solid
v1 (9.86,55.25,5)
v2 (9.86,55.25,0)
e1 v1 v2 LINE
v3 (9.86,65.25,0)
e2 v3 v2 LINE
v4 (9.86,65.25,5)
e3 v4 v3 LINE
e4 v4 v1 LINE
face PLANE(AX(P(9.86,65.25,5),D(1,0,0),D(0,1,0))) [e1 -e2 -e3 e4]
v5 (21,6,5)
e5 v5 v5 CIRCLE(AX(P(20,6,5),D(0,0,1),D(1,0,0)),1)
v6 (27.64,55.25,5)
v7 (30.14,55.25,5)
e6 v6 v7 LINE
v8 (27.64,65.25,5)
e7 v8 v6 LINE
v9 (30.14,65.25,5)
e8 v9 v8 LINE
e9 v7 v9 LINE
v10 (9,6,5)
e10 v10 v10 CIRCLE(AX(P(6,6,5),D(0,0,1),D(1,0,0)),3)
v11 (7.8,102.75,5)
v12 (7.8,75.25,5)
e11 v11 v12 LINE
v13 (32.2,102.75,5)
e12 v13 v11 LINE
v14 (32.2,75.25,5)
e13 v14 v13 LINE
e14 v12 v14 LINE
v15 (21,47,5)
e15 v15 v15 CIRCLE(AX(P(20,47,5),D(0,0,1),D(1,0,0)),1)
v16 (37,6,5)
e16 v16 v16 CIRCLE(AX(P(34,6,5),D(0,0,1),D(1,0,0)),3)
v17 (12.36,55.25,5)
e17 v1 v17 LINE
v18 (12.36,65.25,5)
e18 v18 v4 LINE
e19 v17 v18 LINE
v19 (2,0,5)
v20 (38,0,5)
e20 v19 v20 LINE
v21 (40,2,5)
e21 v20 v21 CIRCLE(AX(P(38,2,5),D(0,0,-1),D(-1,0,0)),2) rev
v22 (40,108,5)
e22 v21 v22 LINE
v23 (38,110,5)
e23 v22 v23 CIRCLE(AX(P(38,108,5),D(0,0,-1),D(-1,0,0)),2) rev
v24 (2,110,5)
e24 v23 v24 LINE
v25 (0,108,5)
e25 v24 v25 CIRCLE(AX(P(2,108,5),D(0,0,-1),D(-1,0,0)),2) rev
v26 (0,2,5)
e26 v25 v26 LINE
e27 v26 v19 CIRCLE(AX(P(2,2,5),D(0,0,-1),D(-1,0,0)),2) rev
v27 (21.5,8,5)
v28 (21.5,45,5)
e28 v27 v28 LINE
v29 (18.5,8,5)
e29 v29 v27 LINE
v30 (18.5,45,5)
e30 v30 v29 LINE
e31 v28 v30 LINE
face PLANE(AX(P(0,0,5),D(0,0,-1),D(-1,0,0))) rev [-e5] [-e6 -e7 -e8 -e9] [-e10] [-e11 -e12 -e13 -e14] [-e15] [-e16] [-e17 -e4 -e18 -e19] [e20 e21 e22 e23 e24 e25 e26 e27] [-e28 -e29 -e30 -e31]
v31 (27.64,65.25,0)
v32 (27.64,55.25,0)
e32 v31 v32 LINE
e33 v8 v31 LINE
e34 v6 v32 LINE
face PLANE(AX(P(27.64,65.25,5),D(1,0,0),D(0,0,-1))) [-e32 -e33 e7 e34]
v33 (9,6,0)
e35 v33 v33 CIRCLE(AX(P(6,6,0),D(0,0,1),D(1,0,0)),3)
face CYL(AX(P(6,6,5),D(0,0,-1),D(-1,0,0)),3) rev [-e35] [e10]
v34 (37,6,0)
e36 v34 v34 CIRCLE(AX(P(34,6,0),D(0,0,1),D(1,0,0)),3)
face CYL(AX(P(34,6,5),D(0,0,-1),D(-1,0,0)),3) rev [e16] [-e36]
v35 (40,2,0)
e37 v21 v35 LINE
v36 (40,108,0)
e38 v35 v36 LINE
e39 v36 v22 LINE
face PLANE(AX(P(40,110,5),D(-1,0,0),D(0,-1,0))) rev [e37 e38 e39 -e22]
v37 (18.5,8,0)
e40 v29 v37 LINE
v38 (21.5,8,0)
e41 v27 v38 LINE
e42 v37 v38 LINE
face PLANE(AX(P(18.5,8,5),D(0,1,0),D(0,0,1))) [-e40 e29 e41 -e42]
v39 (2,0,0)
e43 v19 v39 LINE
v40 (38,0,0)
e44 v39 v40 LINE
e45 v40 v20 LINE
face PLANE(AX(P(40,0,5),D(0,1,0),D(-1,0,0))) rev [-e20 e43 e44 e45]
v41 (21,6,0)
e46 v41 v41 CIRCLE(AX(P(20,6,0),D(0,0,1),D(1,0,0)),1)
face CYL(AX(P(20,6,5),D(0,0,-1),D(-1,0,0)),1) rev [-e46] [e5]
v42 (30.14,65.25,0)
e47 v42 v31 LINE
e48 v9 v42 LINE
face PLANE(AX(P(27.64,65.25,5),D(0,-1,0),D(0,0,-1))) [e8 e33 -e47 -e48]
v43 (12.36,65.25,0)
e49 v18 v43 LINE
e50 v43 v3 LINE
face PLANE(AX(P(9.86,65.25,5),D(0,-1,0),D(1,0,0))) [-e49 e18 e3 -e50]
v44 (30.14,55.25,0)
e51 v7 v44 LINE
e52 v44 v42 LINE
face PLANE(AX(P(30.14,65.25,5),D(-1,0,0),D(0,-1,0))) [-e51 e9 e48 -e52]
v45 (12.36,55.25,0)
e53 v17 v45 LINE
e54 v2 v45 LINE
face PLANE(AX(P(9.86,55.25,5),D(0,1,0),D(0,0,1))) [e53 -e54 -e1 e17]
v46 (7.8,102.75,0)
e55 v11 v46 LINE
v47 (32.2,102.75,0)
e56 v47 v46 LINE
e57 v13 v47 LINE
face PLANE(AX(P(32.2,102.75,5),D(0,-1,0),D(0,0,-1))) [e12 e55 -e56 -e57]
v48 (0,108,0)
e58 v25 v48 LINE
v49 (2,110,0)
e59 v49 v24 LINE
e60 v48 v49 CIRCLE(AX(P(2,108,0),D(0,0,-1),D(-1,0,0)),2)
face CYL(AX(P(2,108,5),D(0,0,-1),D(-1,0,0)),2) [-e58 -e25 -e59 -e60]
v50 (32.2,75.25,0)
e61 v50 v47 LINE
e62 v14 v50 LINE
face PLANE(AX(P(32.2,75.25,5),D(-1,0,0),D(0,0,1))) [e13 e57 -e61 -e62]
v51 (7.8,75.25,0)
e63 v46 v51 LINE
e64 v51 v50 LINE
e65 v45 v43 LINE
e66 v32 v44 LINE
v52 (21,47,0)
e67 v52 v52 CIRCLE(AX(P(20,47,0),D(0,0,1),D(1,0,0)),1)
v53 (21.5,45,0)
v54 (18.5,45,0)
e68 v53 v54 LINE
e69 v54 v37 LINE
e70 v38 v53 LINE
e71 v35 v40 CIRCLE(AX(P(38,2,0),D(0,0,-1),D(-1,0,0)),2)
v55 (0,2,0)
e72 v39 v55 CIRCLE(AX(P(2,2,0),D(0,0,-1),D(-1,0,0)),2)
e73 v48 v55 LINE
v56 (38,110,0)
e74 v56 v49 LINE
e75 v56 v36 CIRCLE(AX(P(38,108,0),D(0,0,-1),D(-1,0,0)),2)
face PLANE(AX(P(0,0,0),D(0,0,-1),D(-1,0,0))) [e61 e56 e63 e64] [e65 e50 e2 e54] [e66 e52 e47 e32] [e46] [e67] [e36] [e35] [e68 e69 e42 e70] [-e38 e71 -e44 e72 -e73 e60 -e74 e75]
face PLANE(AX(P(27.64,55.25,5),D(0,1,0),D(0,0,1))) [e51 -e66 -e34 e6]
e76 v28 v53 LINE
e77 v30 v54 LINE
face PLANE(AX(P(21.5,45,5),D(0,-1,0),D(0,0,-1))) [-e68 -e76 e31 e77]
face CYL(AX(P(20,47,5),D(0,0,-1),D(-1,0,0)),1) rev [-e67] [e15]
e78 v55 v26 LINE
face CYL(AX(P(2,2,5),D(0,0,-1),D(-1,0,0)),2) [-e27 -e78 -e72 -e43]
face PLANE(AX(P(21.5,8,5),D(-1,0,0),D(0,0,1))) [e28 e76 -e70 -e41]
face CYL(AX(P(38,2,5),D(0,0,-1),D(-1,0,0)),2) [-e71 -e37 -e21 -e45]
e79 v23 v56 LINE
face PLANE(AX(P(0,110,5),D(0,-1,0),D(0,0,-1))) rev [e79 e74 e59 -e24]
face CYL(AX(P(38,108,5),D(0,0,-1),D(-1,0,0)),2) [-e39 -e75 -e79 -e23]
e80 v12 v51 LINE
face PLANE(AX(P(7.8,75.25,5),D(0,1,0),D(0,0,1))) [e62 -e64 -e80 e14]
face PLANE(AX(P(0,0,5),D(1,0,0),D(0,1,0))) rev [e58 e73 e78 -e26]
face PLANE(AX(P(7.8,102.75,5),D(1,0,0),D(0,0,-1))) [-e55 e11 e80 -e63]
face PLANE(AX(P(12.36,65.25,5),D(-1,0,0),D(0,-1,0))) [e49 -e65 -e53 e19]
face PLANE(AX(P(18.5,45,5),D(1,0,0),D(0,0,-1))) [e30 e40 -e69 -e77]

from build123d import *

# Parameters (mm, degrees)
MODEL_W             = 40
MODEL_H             = 110
MODEL_R             = 3
MODEL_R_2           = 1
MODEL_W_2           = 3
MODEL_H_2           = 37
MODEL_W_3           = 24.4
MODEL_H_3           = 27.5
MODEL_W_4           = 2.5
MODEL_H_4           = 10
BOSS_EXTRUDE1_DEPTH = 5
FILLET1_R           = 2


with BuildPart() as part:
    # Model → Boss-Extrude1 (new body)
    with BuildSketch(Plane.XY):
        with Locations((20, 55)):
            Rectangle(MODEL_W, MODEL_H)
        with Locations((34, 6)):
            Circle(MODEL_R, mode=Mode.SUBTRACT)
        with Locations((6, 6)):
            Circle(MODEL_R, mode=Mode.SUBTRACT)
        with Locations((20, 6)):
            Circle(MODEL_R_2, mode=Mode.SUBTRACT)
        with Locations((20, 47)):
            Circle(MODEL_R_2, mode=Mode.SUBTRACT)
        with Locations((20, 26.5)):
            Rectangle(MODEL_W_2, MODEL_H_2, mode=Mode.SUBTRACT)
        with Locations((20, 89)):
            Rectangle(MODEL_W_3, MODEL_H_3, mode=Mode.SUBTRACT)
        with Locations((11.11, 60.25)):
            Rectangle(MODEL_W_4, MODEL_H_4, mode=Mode.SUBTRACT)
        with Locations((28.89, 60.25)):
            Rectangle(MODEL_W_4, MODEL_H_4, mode=Mode.SUBTRACT)
    extrude(amount=BOSS_EXTRUDE1_DEPTH)

    # Fillet1
    fillet1_edges = [part.edges().sort_by_distance(p)[0] for p in [
        (0, 0, 2.5),
        (0, 110, 2.5),
        (40, 110, 2.5),
        (40, 0, 2.5),
    ]]
    fillet(fillet1_edges, radius=FILLET1_R)


solid = part.part
